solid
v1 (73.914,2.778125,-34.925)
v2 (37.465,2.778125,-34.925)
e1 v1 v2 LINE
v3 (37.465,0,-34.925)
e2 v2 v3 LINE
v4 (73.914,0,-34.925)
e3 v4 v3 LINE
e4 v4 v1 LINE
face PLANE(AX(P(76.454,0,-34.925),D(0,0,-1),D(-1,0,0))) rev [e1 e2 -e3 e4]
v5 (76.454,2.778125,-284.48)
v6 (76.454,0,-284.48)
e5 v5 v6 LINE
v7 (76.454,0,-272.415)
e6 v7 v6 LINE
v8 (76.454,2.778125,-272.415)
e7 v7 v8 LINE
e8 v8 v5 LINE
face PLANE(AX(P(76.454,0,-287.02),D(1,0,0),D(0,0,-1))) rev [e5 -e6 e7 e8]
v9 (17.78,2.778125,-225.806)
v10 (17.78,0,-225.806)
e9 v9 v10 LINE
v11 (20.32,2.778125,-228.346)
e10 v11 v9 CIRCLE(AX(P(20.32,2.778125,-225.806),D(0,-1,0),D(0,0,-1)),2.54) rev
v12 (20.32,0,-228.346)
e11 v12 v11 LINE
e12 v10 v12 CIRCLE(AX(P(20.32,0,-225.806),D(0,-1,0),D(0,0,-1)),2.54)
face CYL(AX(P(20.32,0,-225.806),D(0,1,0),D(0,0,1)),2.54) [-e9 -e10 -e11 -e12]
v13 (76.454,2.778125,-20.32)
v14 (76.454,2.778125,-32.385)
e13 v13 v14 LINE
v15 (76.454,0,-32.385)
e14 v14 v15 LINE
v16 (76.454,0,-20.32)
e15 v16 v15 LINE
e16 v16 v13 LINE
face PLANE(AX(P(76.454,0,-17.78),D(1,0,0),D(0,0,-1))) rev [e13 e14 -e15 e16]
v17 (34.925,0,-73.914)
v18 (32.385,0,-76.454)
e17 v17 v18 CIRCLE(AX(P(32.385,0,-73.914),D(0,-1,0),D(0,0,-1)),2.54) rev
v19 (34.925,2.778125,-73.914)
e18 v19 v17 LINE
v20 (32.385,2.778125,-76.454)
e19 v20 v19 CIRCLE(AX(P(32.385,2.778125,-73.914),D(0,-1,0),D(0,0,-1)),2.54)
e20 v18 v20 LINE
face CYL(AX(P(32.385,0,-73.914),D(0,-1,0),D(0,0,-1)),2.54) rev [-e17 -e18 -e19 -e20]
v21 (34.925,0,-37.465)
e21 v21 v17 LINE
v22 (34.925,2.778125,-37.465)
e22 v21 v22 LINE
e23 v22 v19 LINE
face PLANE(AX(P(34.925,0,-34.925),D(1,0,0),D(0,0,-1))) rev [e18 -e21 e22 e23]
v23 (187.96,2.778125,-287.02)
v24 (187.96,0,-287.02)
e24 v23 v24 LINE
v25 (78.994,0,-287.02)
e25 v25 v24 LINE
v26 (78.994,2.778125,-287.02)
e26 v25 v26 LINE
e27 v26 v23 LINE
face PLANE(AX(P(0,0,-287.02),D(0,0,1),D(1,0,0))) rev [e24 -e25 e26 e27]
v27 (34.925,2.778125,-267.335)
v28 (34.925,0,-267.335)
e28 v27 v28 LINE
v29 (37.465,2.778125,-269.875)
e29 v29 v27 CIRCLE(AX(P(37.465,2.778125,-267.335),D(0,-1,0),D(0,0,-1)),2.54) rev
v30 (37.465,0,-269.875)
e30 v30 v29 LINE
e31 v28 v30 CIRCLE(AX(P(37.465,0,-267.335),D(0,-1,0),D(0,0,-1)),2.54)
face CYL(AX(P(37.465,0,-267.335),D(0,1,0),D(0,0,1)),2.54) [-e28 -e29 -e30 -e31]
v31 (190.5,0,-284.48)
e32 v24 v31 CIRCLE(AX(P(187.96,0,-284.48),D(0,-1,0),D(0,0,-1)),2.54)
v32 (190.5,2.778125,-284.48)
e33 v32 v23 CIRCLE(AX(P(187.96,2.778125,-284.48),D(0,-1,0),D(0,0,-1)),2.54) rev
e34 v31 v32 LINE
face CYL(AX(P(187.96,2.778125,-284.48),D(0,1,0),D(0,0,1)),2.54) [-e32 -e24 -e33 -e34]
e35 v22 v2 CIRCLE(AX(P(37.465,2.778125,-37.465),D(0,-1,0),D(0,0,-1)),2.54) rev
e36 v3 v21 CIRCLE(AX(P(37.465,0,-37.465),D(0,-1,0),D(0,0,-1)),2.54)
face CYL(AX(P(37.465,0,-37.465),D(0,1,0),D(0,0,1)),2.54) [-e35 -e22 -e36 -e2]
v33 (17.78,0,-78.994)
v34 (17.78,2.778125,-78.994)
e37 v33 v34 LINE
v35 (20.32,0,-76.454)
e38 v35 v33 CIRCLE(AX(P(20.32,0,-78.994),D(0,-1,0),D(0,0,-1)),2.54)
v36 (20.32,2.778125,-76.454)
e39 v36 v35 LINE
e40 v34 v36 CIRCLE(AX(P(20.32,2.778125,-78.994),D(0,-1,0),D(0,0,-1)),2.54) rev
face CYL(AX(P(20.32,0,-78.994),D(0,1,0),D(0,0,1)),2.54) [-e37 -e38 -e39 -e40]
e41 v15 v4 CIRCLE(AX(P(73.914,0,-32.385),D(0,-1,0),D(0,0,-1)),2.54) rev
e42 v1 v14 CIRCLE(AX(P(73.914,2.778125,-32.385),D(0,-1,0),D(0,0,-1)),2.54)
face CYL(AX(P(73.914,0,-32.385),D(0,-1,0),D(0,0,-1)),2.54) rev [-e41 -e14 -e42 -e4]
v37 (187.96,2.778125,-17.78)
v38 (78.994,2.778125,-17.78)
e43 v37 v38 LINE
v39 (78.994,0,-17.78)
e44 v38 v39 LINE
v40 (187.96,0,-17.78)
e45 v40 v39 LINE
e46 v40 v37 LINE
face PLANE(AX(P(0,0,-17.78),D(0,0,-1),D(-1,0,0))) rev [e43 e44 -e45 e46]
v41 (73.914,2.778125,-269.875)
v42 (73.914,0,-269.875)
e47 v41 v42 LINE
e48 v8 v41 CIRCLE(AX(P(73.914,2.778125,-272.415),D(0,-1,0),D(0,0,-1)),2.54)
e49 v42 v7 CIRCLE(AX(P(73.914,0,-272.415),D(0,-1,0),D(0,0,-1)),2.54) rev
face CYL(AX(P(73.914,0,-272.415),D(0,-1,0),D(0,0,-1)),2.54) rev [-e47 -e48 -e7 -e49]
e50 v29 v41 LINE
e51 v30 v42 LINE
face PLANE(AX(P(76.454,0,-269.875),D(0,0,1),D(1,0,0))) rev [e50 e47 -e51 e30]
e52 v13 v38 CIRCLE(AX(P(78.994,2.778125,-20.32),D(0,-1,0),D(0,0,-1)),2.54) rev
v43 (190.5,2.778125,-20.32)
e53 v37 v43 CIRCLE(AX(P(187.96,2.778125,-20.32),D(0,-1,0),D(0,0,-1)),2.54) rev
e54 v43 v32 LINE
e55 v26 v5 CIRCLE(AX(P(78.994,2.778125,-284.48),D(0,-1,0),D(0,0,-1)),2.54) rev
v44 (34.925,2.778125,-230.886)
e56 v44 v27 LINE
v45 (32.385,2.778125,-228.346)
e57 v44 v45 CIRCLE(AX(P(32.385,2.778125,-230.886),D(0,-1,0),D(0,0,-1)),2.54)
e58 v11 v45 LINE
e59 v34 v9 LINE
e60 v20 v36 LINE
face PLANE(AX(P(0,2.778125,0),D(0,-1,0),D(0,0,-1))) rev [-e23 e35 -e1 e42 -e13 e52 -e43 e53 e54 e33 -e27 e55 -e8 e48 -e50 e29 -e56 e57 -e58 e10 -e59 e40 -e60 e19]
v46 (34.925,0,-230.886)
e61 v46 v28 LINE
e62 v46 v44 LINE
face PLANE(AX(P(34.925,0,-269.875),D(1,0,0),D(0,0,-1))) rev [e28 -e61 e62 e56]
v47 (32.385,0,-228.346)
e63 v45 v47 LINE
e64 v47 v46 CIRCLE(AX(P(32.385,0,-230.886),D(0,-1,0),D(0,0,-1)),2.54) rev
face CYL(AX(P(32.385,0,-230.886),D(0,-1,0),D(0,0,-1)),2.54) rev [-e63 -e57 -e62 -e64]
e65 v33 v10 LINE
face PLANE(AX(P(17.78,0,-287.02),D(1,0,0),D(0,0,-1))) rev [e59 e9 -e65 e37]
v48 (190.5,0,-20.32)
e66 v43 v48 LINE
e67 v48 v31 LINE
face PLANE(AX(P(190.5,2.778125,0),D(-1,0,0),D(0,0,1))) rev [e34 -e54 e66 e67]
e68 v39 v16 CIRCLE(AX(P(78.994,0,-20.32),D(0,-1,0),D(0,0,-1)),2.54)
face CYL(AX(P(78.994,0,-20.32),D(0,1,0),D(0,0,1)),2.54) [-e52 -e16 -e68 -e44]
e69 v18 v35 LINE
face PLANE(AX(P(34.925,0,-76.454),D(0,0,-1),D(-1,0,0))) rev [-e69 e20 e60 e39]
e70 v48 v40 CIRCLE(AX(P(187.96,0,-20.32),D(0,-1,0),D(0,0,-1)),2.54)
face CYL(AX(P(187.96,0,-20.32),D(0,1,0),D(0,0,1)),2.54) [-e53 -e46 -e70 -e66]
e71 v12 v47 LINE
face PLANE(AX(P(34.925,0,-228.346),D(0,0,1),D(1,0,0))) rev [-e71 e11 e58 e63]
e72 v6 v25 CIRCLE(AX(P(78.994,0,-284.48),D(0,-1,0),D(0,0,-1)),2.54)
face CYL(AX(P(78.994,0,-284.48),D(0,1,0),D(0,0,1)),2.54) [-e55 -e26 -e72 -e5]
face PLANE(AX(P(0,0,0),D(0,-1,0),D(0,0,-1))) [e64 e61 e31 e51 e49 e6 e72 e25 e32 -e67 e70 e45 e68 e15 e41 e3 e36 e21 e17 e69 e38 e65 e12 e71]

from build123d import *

# Parameters (mm, degrees)
SKETCH1_W           = 190.5
SKETCH1_H           = 304.8
BOSS_EXTRUDE1_DEPTH = 2.778125
SKETCH2_W           = 190.5
SKETCH2_H           = 17.78
CUT_EXTRUDE1_DEPTH  = 3.778125
SKETCH3_W           = 17.78
SKETCH3_H           = 269.24
CUT_EXTRUDE2_DEPTH  = 3.778125
CUT_EXTRUDE3_DEPTH  = 3.778125
FILLET1_R           = 2.54


with BuildPart() as part:
    # Sketch1 → Boss-Extrude1 (new body)
    with BuildSketch(Plane(origin=(0, 0, 0), x_dir=(1, 0, 0), z_dir=(0, 1, 0))):
        with Locations((95.25, 152.4)):
            Rectangle(SKETCH1_W, SKETCH1_H)
    extrude(amount=BOSS_EXTRUDE1_DEPTH)

    # Sketch2 → Cut-Extrude1 (cut, through all)
    with BuildSketch(Plane(origin=(0, 2.778125, 0), x_dir=(1, 0, 0), z_dir=(0, 1, 0))):
        with Locations((95.25, 8.89)):
            Rectangle(SKETCH2_W, SKETCH2_H)
        with Locations((95.25, 295.91)):
            Rectangle(SKETCH2_W, SKETCH2_H)
    extrude(amount=-CUT_EXTRUDE1_DEPTH, mode=Mode.SUBTRACT)

    # Sketch3 → Cut-Extrude2 (cut, through all)
    with BuildSketch(Plane(origin=(0, 2.778125, 0), x_dir=(1, 0, 0), z_dir=(0, 1, 0))):
        with Locations((8.89, 152.4)):
            Rectangle(SKETCH3_W, SKETCH3_H)
    extrude(amount=-CUT_EXTRUDE2_DEPTH, mode=Mode.SUBTRACT)

    # Sketch4 → Cut-Extrude3 (cut, through all)
    with BuildSketch(Plane(origin=(0, 2.778125, 0), x_dir=(1, 0, 0), z_dir=(0, 1, 0))):
        Polygon((17.78, 287.02), (76.454, 287.02), (76.454, 269.875), (34.925, 269.875), (34.925, 228.346), (17.78, 228.346), align=None)
        Polygon((17.78, 17.78), (76.454, 17.78), (76.454, 34.925), (34.925, 34.925), (34.925, 76.454), (17.78, 76.454), align=None)
    extrude(amount=-CUT_EXTRUDE3_DEPTH, mode=Mode.SUBTRACT)

    # Fillet1
    fillet1_edges = [part.edges().sort_by_distance(p)[0] for p in [
        (190.5, 1.3890625, -17.78),
        (190.5, 1.3890625, -287.02),
        (17.78, 1.3890625, -228.346),
        (76.454, 1.3890625, -287.02),
        (76.454, 1.3890625, -269.875),
        (34.925, 1.3890625, -269.875),
        (34.925, 1.3890625, -228.346),
        (17.78, 1.3890625, -76.454),
        (34.925, 1.3890625, -76.454),
        (34.925, 1.3890625, -34.925),
        (76.454, 1.3890625, -34.925),
        (76.454, 1.3890625, -17.78),
    ]]
    fillet(fillet1_edges, radius=FILLET1_R)


solid = part.part
